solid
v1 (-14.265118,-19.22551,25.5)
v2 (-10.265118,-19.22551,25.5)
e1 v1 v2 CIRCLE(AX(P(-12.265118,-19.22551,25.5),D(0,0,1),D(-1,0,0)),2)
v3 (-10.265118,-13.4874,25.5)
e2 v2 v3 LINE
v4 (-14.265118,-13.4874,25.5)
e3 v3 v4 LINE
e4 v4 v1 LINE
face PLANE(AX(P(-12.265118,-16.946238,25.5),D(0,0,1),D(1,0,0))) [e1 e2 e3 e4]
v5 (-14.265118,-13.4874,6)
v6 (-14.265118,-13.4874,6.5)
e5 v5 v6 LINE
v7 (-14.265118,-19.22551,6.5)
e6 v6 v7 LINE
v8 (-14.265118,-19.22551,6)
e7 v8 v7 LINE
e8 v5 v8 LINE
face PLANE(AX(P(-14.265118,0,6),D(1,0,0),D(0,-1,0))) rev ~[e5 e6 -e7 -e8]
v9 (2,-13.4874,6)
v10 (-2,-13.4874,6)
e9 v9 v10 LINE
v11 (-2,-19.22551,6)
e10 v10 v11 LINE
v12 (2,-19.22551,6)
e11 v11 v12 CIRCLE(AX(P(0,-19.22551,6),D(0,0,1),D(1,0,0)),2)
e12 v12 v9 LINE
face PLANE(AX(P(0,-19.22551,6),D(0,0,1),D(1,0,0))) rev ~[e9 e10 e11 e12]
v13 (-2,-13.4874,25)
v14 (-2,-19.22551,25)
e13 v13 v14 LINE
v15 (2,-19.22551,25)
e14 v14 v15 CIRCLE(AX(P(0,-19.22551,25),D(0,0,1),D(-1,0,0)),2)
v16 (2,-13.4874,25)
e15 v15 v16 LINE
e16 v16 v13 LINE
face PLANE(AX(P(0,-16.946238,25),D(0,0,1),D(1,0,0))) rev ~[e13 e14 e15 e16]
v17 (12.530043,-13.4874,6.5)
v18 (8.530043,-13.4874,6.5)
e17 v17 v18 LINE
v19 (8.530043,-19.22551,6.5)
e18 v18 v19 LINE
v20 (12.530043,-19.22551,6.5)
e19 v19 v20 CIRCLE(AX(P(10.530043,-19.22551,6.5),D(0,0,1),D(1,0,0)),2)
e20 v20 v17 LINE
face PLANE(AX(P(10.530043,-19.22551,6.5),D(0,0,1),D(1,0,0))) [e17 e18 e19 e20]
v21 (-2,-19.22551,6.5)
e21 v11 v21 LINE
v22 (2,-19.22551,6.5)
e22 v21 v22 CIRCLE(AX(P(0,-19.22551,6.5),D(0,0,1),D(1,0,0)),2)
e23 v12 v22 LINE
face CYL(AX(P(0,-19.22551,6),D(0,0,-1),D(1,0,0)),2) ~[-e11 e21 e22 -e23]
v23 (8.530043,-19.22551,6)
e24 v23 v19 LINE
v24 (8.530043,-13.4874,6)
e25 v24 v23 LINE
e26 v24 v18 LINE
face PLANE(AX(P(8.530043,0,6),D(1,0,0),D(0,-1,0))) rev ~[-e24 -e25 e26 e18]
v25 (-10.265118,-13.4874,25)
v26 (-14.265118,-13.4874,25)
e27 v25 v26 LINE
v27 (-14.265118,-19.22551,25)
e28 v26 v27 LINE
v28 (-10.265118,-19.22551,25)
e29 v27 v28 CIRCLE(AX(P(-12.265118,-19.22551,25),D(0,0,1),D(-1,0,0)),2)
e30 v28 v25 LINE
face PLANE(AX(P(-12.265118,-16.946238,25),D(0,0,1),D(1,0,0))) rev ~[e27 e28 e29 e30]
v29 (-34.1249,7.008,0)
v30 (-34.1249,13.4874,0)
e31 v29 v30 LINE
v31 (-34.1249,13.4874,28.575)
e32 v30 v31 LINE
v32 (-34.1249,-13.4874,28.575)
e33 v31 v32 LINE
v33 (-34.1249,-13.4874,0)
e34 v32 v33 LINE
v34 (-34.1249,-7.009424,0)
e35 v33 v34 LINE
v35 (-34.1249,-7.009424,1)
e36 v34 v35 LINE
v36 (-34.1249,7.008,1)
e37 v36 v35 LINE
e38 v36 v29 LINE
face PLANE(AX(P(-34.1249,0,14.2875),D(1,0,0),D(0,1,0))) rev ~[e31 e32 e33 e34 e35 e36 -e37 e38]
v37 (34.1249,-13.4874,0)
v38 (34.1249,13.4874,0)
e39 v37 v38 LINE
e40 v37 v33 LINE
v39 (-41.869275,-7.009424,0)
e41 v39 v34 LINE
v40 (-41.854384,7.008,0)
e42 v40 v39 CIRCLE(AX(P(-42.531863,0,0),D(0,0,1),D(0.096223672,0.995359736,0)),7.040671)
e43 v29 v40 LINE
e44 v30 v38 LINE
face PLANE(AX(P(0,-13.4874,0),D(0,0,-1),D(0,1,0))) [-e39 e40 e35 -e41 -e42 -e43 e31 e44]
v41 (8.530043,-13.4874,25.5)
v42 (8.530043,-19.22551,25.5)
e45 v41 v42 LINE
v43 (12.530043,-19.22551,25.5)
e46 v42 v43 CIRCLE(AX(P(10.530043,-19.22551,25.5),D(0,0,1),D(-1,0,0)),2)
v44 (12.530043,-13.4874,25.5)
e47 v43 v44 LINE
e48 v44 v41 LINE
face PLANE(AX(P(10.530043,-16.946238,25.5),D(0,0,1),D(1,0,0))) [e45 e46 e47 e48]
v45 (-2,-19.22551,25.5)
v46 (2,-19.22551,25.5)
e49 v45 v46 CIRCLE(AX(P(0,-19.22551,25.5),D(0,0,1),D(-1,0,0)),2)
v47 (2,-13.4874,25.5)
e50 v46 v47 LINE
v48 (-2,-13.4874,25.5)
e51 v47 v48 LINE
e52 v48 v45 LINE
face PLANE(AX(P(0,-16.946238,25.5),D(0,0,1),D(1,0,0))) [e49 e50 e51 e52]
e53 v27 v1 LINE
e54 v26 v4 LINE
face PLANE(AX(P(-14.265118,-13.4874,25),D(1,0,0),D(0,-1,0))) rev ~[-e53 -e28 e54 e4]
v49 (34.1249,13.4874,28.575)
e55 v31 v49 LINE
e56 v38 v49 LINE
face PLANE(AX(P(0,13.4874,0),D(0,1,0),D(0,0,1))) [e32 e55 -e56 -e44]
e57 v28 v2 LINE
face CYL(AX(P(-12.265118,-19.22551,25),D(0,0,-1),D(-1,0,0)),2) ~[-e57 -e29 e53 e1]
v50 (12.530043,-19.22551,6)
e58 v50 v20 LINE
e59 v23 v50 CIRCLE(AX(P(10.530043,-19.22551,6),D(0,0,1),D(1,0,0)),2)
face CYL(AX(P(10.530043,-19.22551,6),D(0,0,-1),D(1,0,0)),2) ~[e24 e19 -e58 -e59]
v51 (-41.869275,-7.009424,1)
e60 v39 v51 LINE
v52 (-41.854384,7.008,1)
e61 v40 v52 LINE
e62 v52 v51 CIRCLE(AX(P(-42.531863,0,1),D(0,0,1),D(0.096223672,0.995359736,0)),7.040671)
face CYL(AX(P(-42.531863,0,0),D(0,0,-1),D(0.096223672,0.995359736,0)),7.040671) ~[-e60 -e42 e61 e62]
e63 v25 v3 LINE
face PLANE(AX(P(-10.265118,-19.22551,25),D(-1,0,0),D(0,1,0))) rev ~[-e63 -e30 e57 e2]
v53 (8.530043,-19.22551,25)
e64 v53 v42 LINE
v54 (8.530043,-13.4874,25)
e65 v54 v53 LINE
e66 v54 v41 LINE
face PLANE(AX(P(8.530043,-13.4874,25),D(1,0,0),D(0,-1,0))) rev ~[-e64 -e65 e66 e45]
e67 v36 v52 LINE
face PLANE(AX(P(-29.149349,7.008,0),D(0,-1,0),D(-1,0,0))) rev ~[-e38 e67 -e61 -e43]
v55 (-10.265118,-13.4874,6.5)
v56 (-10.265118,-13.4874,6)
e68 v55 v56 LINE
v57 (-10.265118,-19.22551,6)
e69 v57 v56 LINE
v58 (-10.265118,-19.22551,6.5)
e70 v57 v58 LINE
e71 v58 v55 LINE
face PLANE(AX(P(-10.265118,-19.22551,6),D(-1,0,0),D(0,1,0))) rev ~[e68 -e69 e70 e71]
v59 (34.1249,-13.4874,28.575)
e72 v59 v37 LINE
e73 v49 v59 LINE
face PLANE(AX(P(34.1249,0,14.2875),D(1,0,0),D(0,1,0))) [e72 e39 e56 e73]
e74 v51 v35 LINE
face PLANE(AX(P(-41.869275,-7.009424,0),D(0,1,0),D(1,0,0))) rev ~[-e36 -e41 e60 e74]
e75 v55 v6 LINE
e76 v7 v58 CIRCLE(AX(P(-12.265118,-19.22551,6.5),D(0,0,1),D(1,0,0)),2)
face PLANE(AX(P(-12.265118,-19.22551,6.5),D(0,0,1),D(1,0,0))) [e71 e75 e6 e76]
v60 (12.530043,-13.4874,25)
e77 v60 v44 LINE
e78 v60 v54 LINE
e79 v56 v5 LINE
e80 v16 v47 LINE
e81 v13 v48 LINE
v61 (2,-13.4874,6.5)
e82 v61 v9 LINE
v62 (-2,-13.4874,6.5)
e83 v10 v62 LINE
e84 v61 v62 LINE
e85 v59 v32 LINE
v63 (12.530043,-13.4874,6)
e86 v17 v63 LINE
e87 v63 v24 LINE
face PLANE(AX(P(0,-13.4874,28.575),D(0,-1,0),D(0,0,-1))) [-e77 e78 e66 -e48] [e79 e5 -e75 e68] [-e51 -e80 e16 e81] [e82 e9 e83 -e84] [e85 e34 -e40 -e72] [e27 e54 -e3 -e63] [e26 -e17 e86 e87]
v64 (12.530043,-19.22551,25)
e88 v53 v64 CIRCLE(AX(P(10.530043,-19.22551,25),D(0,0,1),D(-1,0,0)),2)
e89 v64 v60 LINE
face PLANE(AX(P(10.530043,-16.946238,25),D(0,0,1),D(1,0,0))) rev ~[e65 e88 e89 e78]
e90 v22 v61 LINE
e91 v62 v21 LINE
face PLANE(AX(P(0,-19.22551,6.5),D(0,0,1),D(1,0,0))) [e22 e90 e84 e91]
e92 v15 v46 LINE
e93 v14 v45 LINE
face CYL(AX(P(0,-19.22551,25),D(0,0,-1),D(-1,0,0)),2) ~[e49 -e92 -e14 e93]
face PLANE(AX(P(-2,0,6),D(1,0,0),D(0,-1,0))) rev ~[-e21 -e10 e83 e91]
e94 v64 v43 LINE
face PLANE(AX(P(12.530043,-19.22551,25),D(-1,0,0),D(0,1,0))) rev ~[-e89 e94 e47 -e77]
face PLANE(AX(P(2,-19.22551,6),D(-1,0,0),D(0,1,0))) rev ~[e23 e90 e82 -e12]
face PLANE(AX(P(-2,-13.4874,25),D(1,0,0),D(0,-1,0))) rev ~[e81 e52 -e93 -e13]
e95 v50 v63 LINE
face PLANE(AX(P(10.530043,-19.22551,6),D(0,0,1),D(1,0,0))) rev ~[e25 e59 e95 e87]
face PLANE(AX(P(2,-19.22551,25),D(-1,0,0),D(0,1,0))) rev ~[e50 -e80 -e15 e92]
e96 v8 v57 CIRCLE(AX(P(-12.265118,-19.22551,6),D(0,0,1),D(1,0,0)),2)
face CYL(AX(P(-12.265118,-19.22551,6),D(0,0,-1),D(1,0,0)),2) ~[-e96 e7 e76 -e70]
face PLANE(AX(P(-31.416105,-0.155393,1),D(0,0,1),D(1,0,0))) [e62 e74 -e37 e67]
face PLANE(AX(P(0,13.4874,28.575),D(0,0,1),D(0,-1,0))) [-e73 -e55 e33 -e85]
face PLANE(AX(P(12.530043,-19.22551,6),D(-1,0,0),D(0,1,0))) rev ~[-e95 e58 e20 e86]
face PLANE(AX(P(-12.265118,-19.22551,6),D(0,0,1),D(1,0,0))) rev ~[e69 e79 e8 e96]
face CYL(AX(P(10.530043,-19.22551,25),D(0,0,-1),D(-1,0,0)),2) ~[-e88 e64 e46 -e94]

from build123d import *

# Parameters (mm, degrees)
F1_DEPTH = 34.1249
F5_DEPTH = 0.5
F7_DEPTH = 0.5
F9_DEPTH = 1


with BuildPart() as f1:
    # F0 (on Right) → F1 (new body, symmetric)
    with BuildSketch(Plane.YZ):
        Polygon((-13.4874, 0), (0, 0), (13.4874, 0), (13.4874, 28.575), (0, 28.575), (-13.4874, 28.575), align=None)
    extrude(amount=F1_DEPTH, both=True)

    # F4 (on offset) → F5 (join)
    with BuildSketch(Plane.XY.offset(6)):
        with BuildLine():
            ThreePointArc((-2, -19.22551), (0, -21.22551), (2, -19.22551))
            ThreePointArc((2, -19.22551), (0, -17.22551), (-2, -19.22551))
        make_face()
        with BuildLine():
            ThreePointArc((-2, -19.22551), (0, -17.22551), (2, -19.22551))
            Line((2, -19.22551), (2, 0))
            Line((2, 0), (-2, 0))
            Line((-2, 0), (-2, -19.22551))
        make_face()
        with BuildLine():
            ThreePointArc((-14.265118, -19.22551), (-12.265118, -21.22551), (-10.265118, -19.22551))
            ThreePointArc((-10.265118, -19.22551), (-12.265118, -17.22551), (-14.265118, -19.22551))
        make_face()
        with BuildLine():
            ThreePointArc((-14.265118, -19.22551), (-12.265118, -17.22551), (-10.265118, -19.22551))
            Line((-10.265118, -19.22551), (-10.265118, 0))
            Line((-10.265118, 0), (-14.265118, 0))
            Line((-14.265118, 0), (-14.265118, -19.22551))
        make_face()
        with BuildLine():
            ThreePointArc((8.530043, -19.22551), (10.530043, -21.22551), (12.530043, -19.22551))
            ThreePointArc((12.530043, -19.22551), (10.530043, -17.22551), (8.530043, -19.22551))
        make_face()
        with BuildLine():
            ThreePointArc((8.530043, -19.22551), (10.530043, -17.22551), (12.530043, -19.22551))
            Line((12.530043, -19.22551), (12.530043, 0))
            Line((12.530043, 0), (8.530043, 0))
            Line((8.530043, 0), (8.530043, -19.22551))
        make_face()
    extrude(amount=F5_DEPTH)

    # F6 (on offset) → F7 (join)
    with BuildSketch(Plane.XY.offset(25)):
        with BuildLine():
            ThreePointArc((8.530043, -19.22551), (10.530043, -21.22551), (12.530043, -19.22551))
            Line((12.530043, -19.22551), (12.530043, -13.4874))
            Line((12.530043, -13.4874), (8.530043, -13.4874))
            Line((8.530043, -13.4874), (8.530043, -19.22551))
        make_face()
        with BuildLine():
            ThreePointArc((-2, -19.22551), (0, -21.22551), (2, -19.22551))
            Line((2, -19.22551), (2, -13.4874))
            Line((2, -13.4874), (-2, -13.4874))
            Line((-2, -13.4874), (-2, -19.22551))
        make_face()
        with BuildLine():
            ThreePointArc((-14.265118, -19.22551), (-12.265118, -21.22551), (-10.265118, -19.22551))
            Line((-10.265118, -19.22551), (-10.265118, -13.4874))
            Line((-10.265118, -13.4874), (-14.265118, -13.4874))
            Line((-14.265118, -13.4874), (-14.265118, -19.22551))
        make_face()
    extrude(amount=F7_DEPTH)

    # F8 (on Top) → F9 (join)
    with BuildSketch(Plane.XY):
        Polygon((-29.149349, 7.008), (-34.1249, 7.008), (-34.1249, -7.009424), (-28.291495, -7.009424), align=None)
        with BuildLine():
            Line((-34.1249, -7.009424), (-34.1249, 7.008))
            Line((-34.1249, 7.008), (-41.854384, 7.008))
            ThreePointArc((-41.854384, 7.008), (-37.319332, 4.732924), (-35.491192, 0))
            ThreePointArc((-35.491192, 0), (-37.324363, -4.738458), (-41.869275, -7.009424))
            Line((-41.869275, -7.009424), (-34.1249, -7.009424))
        make_face()
        with BuildLine():
            ThreePointArc((-35.491192, 0), (-37.319332, 4.732924), (-41.854384, 7.008))
            ThreePointArc((-41.854384, 7.008), (-49.57253, 0.007479), (-41.869275, -7.009424))
            ThreePointArc((-41.869275, -7.009424), (-37.324363, -4.738458), (-35.491192, 0))
        make_face()
    extrude(amount=F9_DEPTH)


solid = f1.part
